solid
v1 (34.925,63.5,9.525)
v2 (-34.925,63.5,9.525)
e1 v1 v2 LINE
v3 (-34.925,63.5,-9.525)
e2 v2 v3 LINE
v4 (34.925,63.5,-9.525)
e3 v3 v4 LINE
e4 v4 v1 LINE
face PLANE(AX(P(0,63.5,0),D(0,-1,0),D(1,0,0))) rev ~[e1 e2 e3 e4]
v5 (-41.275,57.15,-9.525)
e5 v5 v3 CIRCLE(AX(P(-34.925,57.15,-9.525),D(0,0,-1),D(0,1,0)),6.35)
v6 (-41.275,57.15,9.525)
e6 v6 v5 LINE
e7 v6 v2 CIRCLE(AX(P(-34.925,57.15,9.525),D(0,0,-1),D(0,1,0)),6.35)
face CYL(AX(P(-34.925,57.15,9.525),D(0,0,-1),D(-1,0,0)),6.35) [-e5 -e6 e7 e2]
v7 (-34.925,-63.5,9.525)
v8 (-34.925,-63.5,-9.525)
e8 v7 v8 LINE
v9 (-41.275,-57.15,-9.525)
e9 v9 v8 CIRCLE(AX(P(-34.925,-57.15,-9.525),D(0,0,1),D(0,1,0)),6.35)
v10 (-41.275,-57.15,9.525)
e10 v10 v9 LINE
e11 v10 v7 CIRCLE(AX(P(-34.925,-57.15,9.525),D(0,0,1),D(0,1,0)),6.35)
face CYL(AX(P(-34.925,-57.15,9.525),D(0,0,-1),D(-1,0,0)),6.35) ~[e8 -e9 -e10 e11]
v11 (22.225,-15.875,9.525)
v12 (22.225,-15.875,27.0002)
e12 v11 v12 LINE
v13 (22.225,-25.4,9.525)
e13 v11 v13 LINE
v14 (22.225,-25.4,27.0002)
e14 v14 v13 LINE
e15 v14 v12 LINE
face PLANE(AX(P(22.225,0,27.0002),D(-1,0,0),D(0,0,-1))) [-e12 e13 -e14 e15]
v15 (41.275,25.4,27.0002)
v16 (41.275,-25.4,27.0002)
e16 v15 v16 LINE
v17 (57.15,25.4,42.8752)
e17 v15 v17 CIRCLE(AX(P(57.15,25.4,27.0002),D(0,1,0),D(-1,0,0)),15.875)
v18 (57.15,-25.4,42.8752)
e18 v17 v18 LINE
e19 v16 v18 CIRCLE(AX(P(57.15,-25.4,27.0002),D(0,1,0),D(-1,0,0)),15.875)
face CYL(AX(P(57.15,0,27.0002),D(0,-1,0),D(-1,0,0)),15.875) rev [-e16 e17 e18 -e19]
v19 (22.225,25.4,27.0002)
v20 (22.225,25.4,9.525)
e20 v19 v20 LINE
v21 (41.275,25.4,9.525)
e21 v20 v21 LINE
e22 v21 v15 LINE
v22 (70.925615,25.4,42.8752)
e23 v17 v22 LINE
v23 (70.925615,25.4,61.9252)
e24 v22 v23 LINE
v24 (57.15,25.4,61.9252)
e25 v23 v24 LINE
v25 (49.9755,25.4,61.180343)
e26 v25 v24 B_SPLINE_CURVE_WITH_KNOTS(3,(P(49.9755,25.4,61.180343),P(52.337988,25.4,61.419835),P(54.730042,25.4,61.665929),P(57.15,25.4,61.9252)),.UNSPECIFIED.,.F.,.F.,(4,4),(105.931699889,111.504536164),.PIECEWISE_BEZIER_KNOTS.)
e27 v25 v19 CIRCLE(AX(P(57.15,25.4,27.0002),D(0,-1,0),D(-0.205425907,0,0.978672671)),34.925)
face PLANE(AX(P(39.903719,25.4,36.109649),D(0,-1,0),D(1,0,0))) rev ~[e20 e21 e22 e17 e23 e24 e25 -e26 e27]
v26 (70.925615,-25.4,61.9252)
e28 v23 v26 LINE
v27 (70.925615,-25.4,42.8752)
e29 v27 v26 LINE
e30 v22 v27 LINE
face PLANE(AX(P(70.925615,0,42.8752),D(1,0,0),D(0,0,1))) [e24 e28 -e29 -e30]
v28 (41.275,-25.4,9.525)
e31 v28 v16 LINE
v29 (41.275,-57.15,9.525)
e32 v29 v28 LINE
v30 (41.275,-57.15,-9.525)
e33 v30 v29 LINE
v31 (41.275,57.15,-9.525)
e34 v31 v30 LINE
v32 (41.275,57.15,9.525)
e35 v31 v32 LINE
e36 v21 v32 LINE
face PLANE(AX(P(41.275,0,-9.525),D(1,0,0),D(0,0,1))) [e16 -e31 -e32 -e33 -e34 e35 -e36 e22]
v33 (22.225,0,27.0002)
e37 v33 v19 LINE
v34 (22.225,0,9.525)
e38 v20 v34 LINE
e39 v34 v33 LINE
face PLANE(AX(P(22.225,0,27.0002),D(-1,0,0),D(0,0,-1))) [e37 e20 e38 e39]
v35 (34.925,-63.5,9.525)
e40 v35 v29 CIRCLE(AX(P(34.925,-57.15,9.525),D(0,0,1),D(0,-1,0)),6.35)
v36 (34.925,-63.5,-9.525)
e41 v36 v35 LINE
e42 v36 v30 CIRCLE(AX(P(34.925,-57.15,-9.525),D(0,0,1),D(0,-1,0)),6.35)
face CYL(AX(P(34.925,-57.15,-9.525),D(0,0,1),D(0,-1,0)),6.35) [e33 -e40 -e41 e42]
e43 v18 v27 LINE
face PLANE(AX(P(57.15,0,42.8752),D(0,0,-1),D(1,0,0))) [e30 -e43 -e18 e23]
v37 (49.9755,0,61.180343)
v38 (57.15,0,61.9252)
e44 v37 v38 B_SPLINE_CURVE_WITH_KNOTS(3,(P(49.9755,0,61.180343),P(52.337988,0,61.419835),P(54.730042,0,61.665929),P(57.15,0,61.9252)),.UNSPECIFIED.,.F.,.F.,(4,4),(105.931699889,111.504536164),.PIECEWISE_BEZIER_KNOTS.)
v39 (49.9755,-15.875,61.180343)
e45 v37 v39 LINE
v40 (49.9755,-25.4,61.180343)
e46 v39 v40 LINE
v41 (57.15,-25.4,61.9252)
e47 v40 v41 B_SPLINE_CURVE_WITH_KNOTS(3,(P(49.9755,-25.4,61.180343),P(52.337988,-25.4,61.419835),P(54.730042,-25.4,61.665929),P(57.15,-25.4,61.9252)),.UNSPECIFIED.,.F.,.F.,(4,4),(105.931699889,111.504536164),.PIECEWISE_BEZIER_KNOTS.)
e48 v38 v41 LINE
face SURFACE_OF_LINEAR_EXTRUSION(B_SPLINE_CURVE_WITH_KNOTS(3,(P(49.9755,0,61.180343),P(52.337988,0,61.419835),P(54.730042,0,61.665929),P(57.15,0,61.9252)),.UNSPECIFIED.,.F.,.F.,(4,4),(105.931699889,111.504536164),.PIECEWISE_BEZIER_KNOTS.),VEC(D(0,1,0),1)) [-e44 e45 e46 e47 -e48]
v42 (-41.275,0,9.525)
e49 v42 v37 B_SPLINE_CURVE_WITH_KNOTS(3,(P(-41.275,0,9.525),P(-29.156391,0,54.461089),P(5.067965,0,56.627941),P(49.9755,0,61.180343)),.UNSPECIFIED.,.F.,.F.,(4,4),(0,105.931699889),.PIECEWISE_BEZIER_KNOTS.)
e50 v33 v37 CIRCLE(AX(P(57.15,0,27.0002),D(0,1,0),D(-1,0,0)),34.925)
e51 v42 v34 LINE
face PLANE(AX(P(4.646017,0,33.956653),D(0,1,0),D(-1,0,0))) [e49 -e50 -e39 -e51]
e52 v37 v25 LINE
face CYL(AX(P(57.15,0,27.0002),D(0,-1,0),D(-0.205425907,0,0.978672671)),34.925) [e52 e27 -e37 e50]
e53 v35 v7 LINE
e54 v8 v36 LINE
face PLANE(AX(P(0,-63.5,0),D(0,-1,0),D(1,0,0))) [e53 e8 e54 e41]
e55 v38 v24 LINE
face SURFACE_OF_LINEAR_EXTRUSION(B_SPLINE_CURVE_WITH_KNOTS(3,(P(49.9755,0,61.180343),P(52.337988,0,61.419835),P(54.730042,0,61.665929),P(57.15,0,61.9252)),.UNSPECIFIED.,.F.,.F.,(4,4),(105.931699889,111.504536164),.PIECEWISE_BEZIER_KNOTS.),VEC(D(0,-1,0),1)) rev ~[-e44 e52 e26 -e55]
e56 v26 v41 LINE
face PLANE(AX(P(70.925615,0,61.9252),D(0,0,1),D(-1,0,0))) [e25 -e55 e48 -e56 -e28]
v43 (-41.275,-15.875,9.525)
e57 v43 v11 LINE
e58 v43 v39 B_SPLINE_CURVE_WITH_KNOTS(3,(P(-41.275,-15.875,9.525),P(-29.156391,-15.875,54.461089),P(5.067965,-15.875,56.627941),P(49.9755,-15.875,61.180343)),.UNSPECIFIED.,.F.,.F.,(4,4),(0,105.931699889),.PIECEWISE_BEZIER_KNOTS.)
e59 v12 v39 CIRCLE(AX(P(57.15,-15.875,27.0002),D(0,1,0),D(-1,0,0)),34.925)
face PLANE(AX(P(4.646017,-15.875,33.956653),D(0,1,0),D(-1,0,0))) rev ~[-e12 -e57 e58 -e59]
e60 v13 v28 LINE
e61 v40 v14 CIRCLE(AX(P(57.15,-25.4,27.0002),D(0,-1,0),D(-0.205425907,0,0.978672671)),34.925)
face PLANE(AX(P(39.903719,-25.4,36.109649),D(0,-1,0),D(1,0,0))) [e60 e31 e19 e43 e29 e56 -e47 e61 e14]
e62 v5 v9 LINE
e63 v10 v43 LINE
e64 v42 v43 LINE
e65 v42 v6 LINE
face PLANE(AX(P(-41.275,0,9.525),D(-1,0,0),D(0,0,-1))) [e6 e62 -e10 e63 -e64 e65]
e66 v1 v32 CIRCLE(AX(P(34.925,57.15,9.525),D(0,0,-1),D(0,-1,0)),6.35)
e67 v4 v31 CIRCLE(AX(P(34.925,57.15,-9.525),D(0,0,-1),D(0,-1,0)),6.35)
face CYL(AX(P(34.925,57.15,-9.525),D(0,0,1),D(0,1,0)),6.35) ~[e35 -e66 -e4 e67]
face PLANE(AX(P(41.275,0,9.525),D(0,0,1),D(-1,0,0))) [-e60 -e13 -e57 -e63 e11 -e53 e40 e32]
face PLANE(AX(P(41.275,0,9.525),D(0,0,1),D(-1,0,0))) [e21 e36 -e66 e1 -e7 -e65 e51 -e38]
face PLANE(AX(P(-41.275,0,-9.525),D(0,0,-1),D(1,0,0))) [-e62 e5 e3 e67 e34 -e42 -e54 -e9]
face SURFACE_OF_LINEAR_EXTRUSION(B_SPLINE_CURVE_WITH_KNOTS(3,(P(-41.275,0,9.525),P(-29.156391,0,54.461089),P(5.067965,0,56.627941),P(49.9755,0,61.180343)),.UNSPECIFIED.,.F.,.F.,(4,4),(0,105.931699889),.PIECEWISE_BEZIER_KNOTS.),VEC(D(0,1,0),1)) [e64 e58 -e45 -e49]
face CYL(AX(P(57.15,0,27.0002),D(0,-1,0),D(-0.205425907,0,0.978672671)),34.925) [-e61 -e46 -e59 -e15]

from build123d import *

# Parameters (mm, degrees)
F1_DEPTH = 63.5
F0_W     = 10.6006153176
F0_H     = 19.05
F2_DEPTH = 25.4
F3_DEPTH = 15.875
F4_R     = 6.35


with BuildPart() as f1:
    # F0 (on Front) → F1 (new body, symmetric)
    with BuildSketch(Plane.XZ):
        Polygon((22.225, 9.525), (-41.275, 9.525), (-41.275, -9.525), (41.275, -9.525), (41.275, 9.525), align=None)
    extrude(amount=F1_DEPTH, both=True)

    # F0 (on Front) → F2 (join, symmetric)
    with BuildSketch(Plane.XZ):
        with BuildLine():
            Line((22.225, 27.0002), (22.225, 9.525))
            Line((22.225, 9.525), (41.275, 9.525))
            Line((41.275, 9.525), (41.275, 27.0002))
            ThreePointArc((41.275, 27.0002), (45.9246798487, 38.2255201513), (57.15, 42.8752))
            Line((57.15, 42.8752), (60.325, 42.8752))
            Line((60.325, 42.8752), (60.325, 61.9252))
            Line((60.325, 61.9252), (57.15, 61.9252))
            add(Edge.make_bspline(
                [(49.9755002141, 61.180343034), (52.3379879204, 61.4198350187), (54.7300422112, 61.6659292139), (57.15, 61.9252)],
                knots=[105.9316998893, 105.9316998893, 105.9316998893, 105.9316998893, 111.5045361635, 111.5045361635, 111.5045361635, 111.5045361635], degree=3))
            ThreePointArc((49.9755002141, 61.180343034), (30.036119514, 49.0136756454), (22.225, 27.0002))
        make_face()
        with Locations((65.6253076588, 52.4002)):
            Rectangle(F0_W, F0_H)
    extrude(amount=F2_DEPTH, both=True)

    # F0 (on Front) → F3 (join)
    with BuildSketch(Plane.XZ):
        with BuildLine():
            add(Edge.make_bspline(
                [(-41.275, 9.525), (-29.1563910851, 54.461089134), (5.067965455, 56.6279406654), (49.9755002141, 61.180343034)],
                knots=[0, 0, 0, 0, 105.9316998893, 105.9316998893, 105.9316998893, 105.9316998893], degree=3))
            Line((-41.275, 9.525), (22.225, 9.525))
            Line((22.225, 9.525), (22.225, 27.0002))
            ThreePointArc((22.225, 27.0002), (30.036119514, 49.0136756454), (49.9755002141, 61.180343034))
        make_face()
    extrude(amount=F3_DEPTH)

    # F4
    f4_edges = [f1.edges().sort_by_distance(p)[0] for p in [
        (-41.275, -63.5, 0),
        (41.275, -63.5, 0),
        (-41.275, 63.5, 0),
        (41.275, 63.5, 0),
    ]]
    fillet(f4_edges, radius=F4_R)


solid = f1.part
